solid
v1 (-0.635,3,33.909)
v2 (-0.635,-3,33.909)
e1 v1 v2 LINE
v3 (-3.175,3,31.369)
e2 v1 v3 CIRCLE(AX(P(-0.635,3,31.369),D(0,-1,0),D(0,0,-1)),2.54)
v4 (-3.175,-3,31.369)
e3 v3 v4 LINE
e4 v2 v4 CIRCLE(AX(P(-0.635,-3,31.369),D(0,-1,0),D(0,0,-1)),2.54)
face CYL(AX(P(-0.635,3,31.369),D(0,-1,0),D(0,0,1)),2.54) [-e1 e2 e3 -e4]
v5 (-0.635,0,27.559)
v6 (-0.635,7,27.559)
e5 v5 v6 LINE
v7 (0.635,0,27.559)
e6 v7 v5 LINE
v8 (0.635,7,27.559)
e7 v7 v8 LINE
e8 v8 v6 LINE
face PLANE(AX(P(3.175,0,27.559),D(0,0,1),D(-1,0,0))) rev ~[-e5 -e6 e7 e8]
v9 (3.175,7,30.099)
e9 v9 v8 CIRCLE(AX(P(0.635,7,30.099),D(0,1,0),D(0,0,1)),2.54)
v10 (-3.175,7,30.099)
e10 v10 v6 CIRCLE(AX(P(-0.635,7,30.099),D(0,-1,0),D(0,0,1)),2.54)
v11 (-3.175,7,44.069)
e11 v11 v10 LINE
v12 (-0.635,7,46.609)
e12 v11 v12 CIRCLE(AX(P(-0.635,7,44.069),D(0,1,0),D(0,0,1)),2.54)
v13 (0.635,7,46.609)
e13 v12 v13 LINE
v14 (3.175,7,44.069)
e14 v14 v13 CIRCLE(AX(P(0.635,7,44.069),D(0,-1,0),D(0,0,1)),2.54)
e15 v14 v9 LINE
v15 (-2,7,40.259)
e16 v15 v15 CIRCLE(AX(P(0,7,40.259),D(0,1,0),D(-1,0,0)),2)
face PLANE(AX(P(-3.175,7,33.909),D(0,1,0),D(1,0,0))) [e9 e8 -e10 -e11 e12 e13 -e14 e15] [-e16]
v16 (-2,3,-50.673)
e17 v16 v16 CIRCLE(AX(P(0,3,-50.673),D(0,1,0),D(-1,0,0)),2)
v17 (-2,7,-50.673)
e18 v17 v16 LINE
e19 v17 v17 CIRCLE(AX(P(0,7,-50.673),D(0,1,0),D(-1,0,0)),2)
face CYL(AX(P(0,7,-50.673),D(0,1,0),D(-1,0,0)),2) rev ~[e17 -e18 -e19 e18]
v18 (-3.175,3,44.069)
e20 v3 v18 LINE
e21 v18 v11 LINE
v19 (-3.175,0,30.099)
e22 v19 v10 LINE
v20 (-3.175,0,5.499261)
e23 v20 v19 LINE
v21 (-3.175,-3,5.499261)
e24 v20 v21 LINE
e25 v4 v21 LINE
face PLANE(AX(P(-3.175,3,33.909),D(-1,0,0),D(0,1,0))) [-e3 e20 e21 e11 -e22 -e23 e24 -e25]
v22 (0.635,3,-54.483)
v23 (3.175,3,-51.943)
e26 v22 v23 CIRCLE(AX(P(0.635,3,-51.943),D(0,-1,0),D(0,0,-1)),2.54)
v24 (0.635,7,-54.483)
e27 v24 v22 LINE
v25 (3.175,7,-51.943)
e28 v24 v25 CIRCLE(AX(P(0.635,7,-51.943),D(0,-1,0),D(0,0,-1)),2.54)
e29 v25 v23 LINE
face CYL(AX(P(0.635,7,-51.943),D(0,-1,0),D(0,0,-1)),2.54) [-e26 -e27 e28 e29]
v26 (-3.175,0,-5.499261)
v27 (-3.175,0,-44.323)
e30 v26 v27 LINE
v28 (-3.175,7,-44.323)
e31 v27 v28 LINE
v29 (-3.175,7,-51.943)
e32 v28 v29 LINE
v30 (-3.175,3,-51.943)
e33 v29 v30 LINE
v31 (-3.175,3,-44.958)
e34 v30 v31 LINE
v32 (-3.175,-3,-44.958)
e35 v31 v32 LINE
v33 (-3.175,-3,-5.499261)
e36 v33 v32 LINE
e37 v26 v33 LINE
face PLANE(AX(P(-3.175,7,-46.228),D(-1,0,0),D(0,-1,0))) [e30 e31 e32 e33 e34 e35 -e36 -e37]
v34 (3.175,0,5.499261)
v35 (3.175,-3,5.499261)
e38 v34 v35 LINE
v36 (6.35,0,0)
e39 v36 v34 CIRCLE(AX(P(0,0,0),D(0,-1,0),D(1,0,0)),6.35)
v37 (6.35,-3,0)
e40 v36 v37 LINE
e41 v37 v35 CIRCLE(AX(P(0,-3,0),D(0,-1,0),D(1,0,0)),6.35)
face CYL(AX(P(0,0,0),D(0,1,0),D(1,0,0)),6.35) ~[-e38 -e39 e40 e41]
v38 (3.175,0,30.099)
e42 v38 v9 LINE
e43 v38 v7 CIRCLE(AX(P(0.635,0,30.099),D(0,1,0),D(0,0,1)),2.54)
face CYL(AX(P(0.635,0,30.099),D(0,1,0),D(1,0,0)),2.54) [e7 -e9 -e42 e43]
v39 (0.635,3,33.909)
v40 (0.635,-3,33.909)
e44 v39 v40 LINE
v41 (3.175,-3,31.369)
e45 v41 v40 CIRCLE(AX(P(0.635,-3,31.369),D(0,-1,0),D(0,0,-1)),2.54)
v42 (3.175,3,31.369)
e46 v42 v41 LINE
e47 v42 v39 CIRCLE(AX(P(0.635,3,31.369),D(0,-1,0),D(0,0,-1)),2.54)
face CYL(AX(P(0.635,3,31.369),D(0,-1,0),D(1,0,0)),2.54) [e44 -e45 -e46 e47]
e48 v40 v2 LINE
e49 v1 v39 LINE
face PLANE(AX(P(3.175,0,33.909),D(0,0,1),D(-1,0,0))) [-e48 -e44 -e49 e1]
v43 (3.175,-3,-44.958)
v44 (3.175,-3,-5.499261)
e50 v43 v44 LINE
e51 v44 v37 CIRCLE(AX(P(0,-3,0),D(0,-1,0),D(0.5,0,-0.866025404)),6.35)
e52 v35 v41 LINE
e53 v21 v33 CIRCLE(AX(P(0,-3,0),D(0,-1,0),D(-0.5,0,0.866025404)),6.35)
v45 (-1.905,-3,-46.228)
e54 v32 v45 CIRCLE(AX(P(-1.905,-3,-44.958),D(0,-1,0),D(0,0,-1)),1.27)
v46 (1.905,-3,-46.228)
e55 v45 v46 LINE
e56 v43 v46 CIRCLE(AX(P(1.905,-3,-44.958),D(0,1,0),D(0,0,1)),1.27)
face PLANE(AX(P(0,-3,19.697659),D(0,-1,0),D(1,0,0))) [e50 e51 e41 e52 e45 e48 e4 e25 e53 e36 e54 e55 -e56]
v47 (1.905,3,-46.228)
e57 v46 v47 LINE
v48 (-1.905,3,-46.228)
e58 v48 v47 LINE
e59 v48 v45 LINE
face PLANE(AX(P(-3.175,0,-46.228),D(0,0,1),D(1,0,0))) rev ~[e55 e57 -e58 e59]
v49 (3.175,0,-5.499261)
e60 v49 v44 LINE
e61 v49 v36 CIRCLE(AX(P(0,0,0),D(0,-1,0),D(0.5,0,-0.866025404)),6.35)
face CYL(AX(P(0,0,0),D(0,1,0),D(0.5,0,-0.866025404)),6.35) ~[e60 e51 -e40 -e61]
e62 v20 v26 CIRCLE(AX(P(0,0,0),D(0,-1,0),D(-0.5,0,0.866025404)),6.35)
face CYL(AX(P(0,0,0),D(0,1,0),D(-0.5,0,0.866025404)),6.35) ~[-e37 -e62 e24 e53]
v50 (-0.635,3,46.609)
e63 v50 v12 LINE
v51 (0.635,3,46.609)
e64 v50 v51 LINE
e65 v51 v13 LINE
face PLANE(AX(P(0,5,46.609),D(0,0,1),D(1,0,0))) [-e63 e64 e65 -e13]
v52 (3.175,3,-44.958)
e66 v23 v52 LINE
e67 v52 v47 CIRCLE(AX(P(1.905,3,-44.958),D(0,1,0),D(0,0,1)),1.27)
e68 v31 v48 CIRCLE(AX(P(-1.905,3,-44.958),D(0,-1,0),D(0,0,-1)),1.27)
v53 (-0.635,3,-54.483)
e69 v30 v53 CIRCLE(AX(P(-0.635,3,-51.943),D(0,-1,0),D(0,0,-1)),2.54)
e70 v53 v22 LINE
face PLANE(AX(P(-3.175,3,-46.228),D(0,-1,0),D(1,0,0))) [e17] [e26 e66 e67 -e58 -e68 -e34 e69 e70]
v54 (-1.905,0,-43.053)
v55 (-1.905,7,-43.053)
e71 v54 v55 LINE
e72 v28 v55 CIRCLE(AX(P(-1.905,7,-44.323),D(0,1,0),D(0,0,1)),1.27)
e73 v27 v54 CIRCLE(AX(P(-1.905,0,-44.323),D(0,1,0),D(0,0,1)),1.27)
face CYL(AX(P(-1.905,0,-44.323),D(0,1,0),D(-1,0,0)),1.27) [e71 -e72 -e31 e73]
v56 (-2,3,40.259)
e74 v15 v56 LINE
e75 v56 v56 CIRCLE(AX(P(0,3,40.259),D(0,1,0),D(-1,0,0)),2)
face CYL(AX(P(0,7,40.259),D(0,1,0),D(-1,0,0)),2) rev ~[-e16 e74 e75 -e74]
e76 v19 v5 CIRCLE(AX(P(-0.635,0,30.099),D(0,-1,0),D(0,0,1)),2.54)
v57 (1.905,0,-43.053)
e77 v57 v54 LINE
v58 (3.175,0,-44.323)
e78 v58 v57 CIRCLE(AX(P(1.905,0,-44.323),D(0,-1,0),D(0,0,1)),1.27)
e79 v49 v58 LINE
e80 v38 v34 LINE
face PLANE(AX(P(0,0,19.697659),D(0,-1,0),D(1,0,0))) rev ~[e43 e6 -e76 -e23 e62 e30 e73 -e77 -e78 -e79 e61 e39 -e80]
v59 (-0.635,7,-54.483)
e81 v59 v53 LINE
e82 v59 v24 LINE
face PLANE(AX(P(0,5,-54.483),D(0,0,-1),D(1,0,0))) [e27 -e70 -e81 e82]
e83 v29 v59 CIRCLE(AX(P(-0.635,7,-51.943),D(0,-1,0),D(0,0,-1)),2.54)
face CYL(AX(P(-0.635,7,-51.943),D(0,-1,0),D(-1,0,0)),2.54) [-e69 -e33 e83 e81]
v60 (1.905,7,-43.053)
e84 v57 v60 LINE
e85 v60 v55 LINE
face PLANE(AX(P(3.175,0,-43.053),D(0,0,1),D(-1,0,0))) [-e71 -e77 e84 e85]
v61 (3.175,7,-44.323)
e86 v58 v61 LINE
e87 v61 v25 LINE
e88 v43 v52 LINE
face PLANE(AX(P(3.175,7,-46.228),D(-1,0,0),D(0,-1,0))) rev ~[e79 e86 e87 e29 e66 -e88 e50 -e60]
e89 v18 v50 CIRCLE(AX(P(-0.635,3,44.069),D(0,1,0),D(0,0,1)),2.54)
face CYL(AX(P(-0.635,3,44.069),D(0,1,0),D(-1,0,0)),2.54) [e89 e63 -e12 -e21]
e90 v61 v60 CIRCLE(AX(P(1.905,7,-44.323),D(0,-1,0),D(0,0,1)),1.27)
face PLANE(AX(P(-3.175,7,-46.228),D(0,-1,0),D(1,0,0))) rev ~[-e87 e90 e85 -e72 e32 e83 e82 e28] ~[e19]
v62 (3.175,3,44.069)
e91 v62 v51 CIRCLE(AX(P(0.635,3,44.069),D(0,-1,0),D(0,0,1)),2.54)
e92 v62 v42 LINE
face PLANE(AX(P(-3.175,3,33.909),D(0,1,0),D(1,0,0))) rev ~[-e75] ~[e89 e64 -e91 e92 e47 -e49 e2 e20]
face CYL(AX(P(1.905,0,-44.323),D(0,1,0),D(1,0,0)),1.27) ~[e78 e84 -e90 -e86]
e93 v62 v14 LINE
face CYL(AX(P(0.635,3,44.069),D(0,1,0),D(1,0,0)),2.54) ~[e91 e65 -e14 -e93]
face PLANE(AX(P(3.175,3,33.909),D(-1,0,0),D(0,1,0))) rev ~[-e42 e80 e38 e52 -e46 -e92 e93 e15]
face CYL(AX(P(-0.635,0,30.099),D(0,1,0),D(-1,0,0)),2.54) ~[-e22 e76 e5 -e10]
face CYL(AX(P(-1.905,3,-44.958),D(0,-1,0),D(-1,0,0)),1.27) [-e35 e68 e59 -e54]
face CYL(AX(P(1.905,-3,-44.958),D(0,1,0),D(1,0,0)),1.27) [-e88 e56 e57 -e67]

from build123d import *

# Parameters (mm, degrees)
F1_DEPTH  = 3
F2_W      = 6.35
F2_H      = 6.35
F2_H_2    = 3.175
F3_DEPTH  = 7
F4_W      = 6.35
F4_H      = 4
F5_DEPTH  = 12.7
F6_R      = 2
F7_DEPTH  = 25.4
F8_W      = 6.35
F8_H      = 4
F9_DEPTH  = 8.255
F10_R     = 2
F11_DEPTH = 25.4
F12_R     = 2.54
F13_R     = 1.27


with BuildPart() as f1:
    # F0 (on Front) → F1 (new body)
    with BuildSketch(Plane.XZ):
        with BuildLine():
            ThreePointArc((-3.175, 5.499261314), (0, 6.35), (3.175, 5.499261314))
            Line((3.175, 5.499261314), (3.175, 33.909))
            Line((3.175, 33.909), (-3.175, 33.909))
            Line((-3.175, 33.909), (-3.175, 5.499261314))
        make_face()
        with BuildLine():
            Line((-3.175, 0), (-3.175, 5.499261314))
            ThreePointArc((-3.175, 5.499261314), (-6.35, 0), (-3.175, -5.499261314))
            Line((-3.175, -5.499261314), (-3.175, 0))
        make_face()
        with BuildLine():
            ThreePointArc((-3.175, -5.499261314), (0, -6.35), (3.175, -5.499261314))
            Line((3.175, -5.499261314), (3.175, 0))
            Line((3.175, 0), (-3.175, 0))
            Line((-3.175, 0), (-3.175, -5.499261314))
        make_face()
        with BuildLine():
            ThreePointArc((3.175, -5.499261314), (5.499261314, -3.175), (6.35, 0))
            ThreePointArc((6.35, 0), (5.499261314, 3.175), (3.175, 5.499261314))
            Line((3.175, 5.499261314), (3.175, 0))
            Line((3.175, 0), (3.175, -5.499261314))
        make_face()
        with BuildLine():
            Line((3.175, 0), (3.175, 5.499261314))
            ThreePointArc((3.175, 5.499261314), (0, 6.35), (-3.175, 5.499261314))
            Line((-3.175, 5.499261314), (-3.175, 0))
            Line((-3.175, 0), (3.175, 0))
        make_face()
        with BuildLine():
            Line((3.175, -46.228), (3.175, -5.499261314))
            ThreePointArc((3.175, -5.499261314), (0, -6.35), (-3.175, -5.499261314))
            Line((-3.175, -5.499261314), (-3.175, -46.228))
            Line((-3.175, -46.228), (3.175, -46.228))
        make_face()
    extrude(amount=F1_DEPTH)

    # F2 (on face) → F3 (join)
    with BuildSketch(Plane(origin=(0, 0, 0), x_dir=(-1, 0, 0), z_dir=(0, 1, 0))):
        with Locations((0, 30.734)):
            Rectangle(F2_W, F2_H)
        with Locations((0, -44.6405)):
            Rectangle(F2_W, F2_H_2)
    extrude(amount=F3_DEPTH)

    # F4 (on face) → F5 (join)
    with BuildSketch(Plane.XY.offset(33.909)):
        with Locations((0, 5)):
            Rectangle(F4_W, F4_H)
    extrude(amount=F5_DEPTH)

    # F6 (on face) → F7 (cut)
    with BuildSketch(Plane(origin=(0, 7, 0), x_dir=(-1, 0, 0), z_dir=(0, 1, 0))):
        with Locations((0, 40.259)):
            Circle(F6_R)
    extrude(amount=-F7_DEPTH, mode=Mode.SUBTRACT)

    # F8 (on face) → F9 (join)
    with BuildSketch(Plane(origin=(0, 0, -46.228), x_dir=(1, 0, 0), z_dir=(0, 0, -1))):
        with Locations((0, -5)):
            Rectangle(F8_W, F8_H)
    extrude(amount=F9_DEPTH)

    # F10 (on face) → F11 (cut)
    with BuildSketch(Plane(origin=(0, 7, 0), x_dir=(-1, 0, 0), z_dir=(0, 1, 0))):
        with Locations((0, -50.673)):
            Circle(F10_R)
    extrude(amount=-F11_DEPTH, mode=Mode.SUBTRACT)

    # F12
    f12_edges = [f1.edges().sort_by_distance(p)[0] for p in [
        (-3.175, 5, 46.609),
        (3.175, 5, 46.609),
        (-3.175, 3.5, 27.559),
        (3.175, 0, 33.909),
        (-3.175, 0, 33.909),
        (3.175, 3.5, 27.559),
        (-3.175, 5, -54.483),
        (3.175, 5, -54.483),
    ]]
    fillet(f12_edges, radius=F12_R)

    # F13
    f13_edges = [f1.edges().sort_by_distance(p)[0] for p in [
        (3.175, 3.5, -43.053),
        (-3.175, 3.5, -43.053),
        (3.175, 0, -46.228),
        (-3.175, 0, -46.228),
    ]]
    fillet(f13_edges, radius=F13_R)


solid = f1.part
